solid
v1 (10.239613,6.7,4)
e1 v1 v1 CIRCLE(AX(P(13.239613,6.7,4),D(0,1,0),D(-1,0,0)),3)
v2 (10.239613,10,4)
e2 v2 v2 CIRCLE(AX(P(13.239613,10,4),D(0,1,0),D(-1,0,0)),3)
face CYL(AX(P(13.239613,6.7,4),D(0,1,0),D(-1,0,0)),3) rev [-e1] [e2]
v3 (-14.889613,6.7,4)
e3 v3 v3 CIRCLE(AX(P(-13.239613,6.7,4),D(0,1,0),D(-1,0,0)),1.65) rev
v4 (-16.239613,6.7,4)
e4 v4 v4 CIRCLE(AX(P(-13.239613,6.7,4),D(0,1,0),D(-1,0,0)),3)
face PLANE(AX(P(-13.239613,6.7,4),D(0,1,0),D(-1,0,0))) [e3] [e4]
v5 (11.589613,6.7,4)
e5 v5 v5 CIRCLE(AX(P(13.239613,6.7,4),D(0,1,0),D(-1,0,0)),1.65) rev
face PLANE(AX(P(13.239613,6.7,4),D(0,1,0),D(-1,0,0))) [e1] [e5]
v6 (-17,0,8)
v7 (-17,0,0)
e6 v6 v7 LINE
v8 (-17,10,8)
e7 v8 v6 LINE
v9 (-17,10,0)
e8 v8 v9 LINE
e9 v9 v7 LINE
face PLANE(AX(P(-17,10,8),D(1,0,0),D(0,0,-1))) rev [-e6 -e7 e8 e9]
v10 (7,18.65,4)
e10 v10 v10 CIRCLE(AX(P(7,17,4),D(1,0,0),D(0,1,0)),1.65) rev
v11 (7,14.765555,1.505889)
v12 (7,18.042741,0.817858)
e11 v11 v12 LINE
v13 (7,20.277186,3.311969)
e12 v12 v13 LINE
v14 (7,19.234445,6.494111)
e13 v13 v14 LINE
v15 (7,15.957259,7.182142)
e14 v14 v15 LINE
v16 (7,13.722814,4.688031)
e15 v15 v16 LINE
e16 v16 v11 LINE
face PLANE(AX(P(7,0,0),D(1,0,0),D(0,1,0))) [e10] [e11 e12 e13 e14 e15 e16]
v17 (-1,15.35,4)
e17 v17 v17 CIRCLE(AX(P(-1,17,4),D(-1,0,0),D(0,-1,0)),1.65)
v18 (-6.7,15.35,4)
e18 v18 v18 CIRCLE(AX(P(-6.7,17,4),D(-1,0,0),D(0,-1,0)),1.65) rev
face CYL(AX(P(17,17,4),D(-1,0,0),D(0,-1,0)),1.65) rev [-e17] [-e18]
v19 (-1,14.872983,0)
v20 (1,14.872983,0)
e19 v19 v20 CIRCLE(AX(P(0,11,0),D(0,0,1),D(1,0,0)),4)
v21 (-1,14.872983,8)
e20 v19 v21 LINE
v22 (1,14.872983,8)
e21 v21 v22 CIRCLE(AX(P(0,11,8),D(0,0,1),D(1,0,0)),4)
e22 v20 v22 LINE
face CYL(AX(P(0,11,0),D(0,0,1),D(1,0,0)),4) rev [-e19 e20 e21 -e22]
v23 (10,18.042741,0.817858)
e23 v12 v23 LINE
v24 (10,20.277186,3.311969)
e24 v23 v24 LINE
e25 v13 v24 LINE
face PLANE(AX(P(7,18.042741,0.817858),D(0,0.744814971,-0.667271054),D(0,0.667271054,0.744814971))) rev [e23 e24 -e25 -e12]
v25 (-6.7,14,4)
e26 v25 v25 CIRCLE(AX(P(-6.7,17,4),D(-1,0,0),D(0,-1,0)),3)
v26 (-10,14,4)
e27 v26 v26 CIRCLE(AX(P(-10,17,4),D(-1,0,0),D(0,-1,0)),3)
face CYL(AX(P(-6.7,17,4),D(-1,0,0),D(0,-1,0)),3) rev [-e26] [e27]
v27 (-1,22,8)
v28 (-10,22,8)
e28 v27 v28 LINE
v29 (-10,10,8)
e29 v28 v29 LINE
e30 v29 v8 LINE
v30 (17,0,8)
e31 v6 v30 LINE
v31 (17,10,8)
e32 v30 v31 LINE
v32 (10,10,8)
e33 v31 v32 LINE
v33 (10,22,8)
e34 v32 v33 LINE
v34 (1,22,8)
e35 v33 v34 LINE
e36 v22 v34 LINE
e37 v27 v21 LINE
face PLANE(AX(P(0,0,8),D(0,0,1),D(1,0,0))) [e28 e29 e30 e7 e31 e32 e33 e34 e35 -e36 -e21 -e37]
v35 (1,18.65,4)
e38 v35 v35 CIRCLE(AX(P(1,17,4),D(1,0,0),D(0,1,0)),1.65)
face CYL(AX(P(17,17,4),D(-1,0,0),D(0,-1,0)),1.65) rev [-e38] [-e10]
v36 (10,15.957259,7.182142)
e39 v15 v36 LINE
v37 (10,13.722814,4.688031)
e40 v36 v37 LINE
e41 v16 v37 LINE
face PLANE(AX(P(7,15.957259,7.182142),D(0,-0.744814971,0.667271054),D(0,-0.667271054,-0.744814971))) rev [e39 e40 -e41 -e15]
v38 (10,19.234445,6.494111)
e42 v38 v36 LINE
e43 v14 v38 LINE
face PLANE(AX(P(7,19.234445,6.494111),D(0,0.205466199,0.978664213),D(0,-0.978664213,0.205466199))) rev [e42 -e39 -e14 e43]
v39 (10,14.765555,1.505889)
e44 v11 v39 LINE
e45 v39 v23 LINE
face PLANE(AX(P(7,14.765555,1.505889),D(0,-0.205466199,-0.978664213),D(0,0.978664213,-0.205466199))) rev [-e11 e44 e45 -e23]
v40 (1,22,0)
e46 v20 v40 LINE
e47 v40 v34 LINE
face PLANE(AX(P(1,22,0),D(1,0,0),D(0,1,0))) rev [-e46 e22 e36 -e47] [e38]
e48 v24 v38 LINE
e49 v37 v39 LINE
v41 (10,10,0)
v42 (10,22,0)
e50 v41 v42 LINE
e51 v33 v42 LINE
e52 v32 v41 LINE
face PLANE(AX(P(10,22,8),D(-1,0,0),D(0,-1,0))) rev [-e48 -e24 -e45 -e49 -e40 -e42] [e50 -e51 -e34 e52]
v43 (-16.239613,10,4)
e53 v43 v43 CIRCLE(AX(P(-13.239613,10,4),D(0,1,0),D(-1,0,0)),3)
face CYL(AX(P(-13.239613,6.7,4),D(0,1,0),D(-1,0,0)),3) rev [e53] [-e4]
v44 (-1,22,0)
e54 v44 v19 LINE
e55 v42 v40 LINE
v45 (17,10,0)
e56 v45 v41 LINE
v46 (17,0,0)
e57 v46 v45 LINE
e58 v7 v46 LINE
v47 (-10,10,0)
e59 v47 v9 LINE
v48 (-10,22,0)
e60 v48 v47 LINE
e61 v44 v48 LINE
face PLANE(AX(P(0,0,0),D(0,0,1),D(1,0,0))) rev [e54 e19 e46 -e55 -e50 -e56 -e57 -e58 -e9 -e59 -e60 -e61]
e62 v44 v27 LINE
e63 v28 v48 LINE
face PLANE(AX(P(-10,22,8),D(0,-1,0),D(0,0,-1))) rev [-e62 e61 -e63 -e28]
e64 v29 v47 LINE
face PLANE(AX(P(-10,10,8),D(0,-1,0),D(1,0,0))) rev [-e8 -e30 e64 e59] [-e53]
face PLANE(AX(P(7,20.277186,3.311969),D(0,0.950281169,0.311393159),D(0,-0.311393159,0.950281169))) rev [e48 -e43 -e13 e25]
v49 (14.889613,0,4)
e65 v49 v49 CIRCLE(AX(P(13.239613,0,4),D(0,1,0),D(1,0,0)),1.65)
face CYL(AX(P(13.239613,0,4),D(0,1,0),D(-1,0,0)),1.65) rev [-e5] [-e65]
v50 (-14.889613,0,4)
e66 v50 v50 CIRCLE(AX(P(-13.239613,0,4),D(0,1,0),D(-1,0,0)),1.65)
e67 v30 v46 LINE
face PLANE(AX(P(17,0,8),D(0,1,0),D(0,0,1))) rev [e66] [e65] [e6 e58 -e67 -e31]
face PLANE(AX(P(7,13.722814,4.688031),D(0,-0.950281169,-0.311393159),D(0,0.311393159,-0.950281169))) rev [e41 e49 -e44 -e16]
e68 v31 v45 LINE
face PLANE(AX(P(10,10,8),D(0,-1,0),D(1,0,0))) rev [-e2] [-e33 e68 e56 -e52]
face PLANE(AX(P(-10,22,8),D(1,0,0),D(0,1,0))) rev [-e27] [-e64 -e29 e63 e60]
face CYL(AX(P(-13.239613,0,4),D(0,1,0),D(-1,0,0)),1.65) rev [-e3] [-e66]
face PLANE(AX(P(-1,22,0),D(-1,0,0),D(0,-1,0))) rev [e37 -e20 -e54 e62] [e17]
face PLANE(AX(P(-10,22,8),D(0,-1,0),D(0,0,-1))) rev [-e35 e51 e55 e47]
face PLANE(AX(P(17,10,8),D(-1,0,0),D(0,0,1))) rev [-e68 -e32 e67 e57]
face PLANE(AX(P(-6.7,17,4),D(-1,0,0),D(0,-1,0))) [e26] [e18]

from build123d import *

# Parameters (mm, degrees)
EXTRUDE_1_DEPTH     = 8
CUT_EXTRUDE_1_DEPTH = 9
SKETCH_3_R          = 1.65
CUT_EXTRUDE_2_DEPTH = 28
SKETCH_4_R          = 3
CUT_EXTRUDE_3_DEPTH = 3.3
CUT_EXTRUDE_4_DEPTH = 3
SKETCH_6_R          = 1.65
CUT_EXTRUDE_5_DEPTH = 11
SKETCH_7_R          = 3
CUT_EXTRUDE_6_DEPTH = 3.3


with BuildPart() as part:
    # 草图1 → 凸台-拉伸1 (new body)
    with BuildSketch(Plane.XY):
        Polygon((-10, 22), (10, 22), (10, 10), (17, 10), (17, 0), (-17, 0), (-17, 10), (-10, 10), align=None)
    extrude(amount=EXTRUDE_1_DEPTH)

    # 草图2 → 切除-拉伸1 (cut, through all)
    with BuildSketch(Plane.XY.offset(8)):
        with BuildLine():
            Line((-1, 22), (1, 22))
            Line((1, 22), (1, 14.872983346))
            ThreePointArc((1, 14.872983346), (0, 7), (-1, 14.872983346))
            Line((-1, 14.872983346), (-1, 22))
        make_face()
    extrude(amount=-CUT_EXTRUDE_1_DEPTH, mode=Mode.SUBTRACT)

    # 草图3 → 切除-拉伸2 (cut, through all)
    with BuildSketch(Plane.ZY.offset(10)):
        with Locations((4, 17)):
            Circle(SKETCH_3_R)
    extrude(amount=-CUT_EXTRUDE_2_DEPTH, mode=Mode.SUBTRACT)

    # 草图4 → 切除-拉伸3 (cut)
    with BuildSketch(Plane.ZY.offset(10)):
        with Locations((4, 17)):
            Circle(SKETCH_4_R)
    extrude(amount=-CUT_EXTRUDE_3_DEPTH, mode=Mode.SUBTRACT)

    # 草图5 → 切除-拉伸4 (cut)
    with BuildSketch(Plane(origin=(10, 0, 0), x_dir=(0, 0, -1), z_dir=(1, 0, 0))):
        Polygon((-6.494110918, 19.234444912), (-7.182141516, 15.957259041), (-4.688030598, 13.72281413), (-1.505889082, 14.765555088), (-0.817858484, 18.042740959), (-3.311969402, 20.27718587), align=None)
    extrude(amount=-CUT_EXTRUDE_4_DEPTH, mode=Mode.SUBTRACT)

    # 草图6 → 切除-拉伸5 (cut, through all)
    with BuildSketch(Plane(origin=(0, 10, 0), x_dir=(1, 0, 0), z_dir=(0, 1, 0))):
        with Locations((-13.239613272, -4)):
            Circle(SKETCH_6_R)
        with Locations((13.239613272, -4)):
            Circle(SKETCH_6_R)
    extrude(amount=-CUT_EXTRUDE_5_DEPTH, mode=Mode.SUBTRACT)

    # 草图7 → 切除-拉伸6 (cut)
    with BuildSketch(Plane(origin=(0, 10, 0), x_dir=(1, 0, 0), z_dir=(0, 1, 0))):
        with Locations((13.239613272, -4)):
            Circle(SKETCH_7_R)
        with Locations((-13.239613272, -4)):
            Circle(SKETCH_7_R)
    extrude(amount=-CUT_EXTRUDE_6_DEPTH, mode=Mode.SUBTRACT)


solid = part.part
